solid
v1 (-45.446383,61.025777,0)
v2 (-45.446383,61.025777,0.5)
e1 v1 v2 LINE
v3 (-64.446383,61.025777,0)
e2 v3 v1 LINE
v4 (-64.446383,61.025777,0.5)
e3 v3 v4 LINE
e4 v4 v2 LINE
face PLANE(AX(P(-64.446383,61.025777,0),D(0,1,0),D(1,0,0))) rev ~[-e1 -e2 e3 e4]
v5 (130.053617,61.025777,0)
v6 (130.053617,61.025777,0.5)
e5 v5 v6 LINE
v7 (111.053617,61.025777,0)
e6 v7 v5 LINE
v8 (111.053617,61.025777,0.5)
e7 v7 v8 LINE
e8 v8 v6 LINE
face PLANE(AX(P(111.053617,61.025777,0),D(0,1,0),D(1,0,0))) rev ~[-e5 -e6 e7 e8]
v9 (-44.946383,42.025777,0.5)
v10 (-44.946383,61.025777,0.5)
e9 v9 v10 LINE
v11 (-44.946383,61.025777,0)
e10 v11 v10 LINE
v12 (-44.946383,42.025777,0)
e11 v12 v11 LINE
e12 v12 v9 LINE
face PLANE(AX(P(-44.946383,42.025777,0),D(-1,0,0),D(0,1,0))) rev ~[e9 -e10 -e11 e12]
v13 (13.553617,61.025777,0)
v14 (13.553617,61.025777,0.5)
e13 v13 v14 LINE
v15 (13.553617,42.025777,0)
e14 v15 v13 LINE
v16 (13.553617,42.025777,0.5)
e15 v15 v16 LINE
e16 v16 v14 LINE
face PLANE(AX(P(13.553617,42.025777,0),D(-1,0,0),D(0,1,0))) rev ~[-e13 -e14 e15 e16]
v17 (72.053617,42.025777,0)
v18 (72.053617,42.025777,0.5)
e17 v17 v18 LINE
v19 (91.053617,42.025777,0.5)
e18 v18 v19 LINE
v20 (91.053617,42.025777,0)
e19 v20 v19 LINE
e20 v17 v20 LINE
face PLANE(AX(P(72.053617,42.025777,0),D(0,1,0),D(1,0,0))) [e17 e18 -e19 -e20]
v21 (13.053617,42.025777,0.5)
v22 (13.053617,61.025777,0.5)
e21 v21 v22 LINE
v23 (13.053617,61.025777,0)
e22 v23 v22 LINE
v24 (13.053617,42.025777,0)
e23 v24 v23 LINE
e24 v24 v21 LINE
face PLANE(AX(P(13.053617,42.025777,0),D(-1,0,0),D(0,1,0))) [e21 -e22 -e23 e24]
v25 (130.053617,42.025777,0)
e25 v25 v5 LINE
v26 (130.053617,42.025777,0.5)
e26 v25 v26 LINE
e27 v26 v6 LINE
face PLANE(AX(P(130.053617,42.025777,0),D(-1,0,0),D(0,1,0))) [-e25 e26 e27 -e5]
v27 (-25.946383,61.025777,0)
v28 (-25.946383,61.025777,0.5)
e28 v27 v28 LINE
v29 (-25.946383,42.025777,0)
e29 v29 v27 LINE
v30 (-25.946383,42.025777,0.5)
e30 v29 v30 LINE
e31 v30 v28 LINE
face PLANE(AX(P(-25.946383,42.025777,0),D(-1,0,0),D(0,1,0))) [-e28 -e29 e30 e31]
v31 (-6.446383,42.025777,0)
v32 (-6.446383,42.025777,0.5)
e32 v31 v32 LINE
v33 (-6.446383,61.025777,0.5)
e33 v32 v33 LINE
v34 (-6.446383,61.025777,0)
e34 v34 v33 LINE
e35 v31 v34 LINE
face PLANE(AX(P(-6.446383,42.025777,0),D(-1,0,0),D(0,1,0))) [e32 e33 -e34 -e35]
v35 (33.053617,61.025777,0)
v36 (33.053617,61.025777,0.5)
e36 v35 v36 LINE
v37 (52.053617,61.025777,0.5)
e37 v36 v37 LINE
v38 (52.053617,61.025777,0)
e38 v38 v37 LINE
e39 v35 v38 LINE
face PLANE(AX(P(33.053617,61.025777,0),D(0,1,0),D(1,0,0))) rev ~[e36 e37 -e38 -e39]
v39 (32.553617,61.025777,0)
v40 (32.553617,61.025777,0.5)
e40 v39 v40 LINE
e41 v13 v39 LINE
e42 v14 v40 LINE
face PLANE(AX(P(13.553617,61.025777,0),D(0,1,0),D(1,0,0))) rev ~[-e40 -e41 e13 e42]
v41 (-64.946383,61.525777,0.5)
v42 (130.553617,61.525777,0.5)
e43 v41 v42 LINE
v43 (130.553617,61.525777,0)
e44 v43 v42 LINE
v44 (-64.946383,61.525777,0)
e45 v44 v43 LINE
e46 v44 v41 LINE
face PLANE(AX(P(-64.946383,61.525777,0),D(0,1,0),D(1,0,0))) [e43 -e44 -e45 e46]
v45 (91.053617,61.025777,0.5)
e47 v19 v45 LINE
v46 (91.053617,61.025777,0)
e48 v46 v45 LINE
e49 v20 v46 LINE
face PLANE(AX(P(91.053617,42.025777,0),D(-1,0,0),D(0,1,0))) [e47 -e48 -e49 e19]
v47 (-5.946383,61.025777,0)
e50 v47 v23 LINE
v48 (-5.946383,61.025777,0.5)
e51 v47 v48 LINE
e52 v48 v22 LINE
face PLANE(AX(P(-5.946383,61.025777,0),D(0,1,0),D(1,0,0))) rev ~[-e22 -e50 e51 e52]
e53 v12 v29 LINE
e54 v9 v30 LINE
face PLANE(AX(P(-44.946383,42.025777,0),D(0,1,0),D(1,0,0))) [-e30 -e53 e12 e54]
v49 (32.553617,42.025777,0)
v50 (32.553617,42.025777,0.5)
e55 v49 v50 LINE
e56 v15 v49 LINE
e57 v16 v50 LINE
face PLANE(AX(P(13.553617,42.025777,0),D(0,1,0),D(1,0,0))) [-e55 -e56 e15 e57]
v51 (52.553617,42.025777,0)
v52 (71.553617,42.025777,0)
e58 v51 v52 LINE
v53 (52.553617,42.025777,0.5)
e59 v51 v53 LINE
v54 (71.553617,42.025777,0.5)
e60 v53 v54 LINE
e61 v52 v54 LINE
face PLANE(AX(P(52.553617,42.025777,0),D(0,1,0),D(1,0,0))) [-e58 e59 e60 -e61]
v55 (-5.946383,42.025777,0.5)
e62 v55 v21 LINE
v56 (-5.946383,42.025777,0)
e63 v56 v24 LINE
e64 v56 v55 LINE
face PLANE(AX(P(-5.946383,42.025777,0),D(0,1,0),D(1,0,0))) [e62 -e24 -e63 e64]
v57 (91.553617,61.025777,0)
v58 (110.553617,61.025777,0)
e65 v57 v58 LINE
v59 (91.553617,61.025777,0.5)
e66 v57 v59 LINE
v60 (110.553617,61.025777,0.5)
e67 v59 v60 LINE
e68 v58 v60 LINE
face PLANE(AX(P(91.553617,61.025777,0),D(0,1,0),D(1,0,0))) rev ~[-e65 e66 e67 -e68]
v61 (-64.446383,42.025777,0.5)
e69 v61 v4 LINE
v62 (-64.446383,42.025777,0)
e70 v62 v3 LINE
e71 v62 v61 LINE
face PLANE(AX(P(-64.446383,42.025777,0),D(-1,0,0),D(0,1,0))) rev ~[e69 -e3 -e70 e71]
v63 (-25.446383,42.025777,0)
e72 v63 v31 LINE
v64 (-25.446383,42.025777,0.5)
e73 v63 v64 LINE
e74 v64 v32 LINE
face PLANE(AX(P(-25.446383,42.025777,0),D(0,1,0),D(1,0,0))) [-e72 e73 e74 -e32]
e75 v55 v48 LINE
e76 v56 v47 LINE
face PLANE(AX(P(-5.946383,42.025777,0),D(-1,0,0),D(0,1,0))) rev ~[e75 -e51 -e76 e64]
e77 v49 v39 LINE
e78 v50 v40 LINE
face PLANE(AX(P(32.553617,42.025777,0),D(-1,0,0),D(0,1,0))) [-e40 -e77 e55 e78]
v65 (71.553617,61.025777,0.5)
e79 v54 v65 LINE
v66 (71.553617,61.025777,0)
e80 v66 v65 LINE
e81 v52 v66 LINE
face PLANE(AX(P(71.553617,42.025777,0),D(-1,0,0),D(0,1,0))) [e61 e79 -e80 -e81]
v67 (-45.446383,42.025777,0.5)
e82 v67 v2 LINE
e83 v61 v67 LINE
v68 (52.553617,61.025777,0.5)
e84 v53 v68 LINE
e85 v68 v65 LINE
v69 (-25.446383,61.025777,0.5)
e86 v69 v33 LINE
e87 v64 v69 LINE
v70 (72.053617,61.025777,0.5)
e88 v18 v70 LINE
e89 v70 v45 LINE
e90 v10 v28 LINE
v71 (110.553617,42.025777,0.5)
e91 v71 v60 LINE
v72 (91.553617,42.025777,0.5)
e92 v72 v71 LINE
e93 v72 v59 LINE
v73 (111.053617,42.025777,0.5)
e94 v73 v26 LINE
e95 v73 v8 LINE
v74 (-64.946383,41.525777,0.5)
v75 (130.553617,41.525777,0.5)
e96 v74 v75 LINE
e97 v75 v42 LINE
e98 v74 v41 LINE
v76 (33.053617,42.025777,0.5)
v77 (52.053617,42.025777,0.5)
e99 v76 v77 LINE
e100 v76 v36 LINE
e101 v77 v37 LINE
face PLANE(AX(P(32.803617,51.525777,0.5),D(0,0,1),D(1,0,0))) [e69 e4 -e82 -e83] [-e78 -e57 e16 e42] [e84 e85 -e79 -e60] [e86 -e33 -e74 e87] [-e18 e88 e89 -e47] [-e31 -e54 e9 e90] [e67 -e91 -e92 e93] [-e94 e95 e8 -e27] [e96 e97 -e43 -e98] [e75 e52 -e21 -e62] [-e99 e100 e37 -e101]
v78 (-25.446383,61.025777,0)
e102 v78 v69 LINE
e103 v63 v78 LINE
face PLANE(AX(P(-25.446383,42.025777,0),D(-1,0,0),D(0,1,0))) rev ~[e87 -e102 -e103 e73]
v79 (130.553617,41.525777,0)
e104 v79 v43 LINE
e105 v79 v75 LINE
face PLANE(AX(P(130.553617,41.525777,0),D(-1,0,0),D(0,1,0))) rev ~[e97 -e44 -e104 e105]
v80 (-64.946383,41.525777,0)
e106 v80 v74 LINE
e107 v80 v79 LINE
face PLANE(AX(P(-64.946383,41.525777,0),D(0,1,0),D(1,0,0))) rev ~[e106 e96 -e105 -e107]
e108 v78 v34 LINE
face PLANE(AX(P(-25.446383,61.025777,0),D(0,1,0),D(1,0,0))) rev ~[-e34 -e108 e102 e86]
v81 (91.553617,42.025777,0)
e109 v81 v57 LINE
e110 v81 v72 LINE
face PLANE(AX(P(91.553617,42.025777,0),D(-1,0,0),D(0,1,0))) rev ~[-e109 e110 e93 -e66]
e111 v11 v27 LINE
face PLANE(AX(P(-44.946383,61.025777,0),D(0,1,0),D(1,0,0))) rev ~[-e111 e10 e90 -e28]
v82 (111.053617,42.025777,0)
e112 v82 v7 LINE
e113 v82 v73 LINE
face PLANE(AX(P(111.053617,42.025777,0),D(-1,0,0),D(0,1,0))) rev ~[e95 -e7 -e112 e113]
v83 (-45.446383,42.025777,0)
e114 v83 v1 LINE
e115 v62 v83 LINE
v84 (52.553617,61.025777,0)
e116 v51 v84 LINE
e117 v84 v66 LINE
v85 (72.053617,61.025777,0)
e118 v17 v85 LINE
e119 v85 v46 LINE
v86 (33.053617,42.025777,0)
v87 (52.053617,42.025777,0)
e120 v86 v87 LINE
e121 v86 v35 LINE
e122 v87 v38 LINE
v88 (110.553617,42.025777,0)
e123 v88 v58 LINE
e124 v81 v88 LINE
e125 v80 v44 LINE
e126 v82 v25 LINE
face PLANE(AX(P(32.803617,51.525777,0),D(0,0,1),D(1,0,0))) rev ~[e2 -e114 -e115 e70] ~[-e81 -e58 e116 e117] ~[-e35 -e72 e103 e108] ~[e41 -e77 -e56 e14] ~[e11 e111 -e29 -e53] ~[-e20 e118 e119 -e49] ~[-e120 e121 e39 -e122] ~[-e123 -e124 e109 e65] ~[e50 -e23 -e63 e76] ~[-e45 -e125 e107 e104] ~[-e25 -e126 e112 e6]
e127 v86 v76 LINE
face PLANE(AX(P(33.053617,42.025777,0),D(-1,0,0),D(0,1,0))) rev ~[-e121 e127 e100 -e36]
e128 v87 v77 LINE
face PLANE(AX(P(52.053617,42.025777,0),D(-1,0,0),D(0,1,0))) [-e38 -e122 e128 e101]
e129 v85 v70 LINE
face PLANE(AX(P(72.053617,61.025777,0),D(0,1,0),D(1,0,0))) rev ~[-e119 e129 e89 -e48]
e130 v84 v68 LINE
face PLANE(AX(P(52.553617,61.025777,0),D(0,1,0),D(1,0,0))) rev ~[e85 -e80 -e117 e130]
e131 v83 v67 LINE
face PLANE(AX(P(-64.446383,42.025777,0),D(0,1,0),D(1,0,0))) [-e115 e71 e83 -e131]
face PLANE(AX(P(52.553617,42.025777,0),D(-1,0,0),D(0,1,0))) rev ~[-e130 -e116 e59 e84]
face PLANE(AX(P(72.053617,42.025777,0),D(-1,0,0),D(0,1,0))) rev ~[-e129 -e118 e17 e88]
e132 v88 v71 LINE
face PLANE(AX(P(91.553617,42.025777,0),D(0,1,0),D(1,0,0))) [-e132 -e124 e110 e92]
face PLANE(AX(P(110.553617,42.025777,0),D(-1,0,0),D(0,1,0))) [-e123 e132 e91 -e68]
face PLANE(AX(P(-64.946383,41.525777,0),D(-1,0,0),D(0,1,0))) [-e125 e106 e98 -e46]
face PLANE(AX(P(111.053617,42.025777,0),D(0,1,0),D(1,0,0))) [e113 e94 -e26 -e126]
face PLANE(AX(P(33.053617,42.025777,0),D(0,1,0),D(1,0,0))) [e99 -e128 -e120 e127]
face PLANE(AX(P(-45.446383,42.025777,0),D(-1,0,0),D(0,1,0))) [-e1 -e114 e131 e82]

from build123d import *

# Parameters (mm, degrees)
F0_W     = 195.5
F0_H     = 20
F0_W_2   = 19
F0_H_2   = 19
F1_DEPTH = 0.5


with BuildPart() as f1:
    # F0 (on Top) → F1 (new body)
    with BuildSketch(Plane.XY):
        with Locations((32.803617, 51.525777)):
            Rectangle(F0_W, F0_H)
        with Locations((-54.946383, 51.525777)):
            Rectangle(F0_W_2, F0_H_2, mode=Mode.SUBTRACT)
        with Locations((-35.446383, 51.525777)):
            Rectangle(F0_W_2, F0_H_2, mode=Mode.SUBTRACT)
        with Locations((-15.946383, 51.525777)):
            Rectangle(F0_W_2, F0_H_2, mode=Mode.SUBTRACT)
        with Locations((3.553617, 51.525777)):
            Rectangle(F0_W_2, F0_H_2, mode=Mode.SUBTRACT)
        with Locations((23.053617, 51.525777)):
            Rectangle(F0_W_2, F0_H_2, mode=Mode.SUBTRACT)
        with Locations((42.553617, 51.525777)):
            Rectangle(F0_W_2, F0_H_2, mode=Mode.SUBTRACT)
        with Locations((62.053617, 51.525777)):
            Rectangle(F0_W_2, F0_H_2, mode=Mode.SUBTRACT)
        with Locations((81.553617, 51.525777)):
            Rectangle(F0_W_2, F0_H_2, mode=Mode.SUBTRACT)
        with Locations((101.053617, 51.525777)):
            Rectangle(F0_W_2, F0_H_2, mode=Mode.SUBTRACT)
        with Locations((120.553617, 51.525777)):
            Rectangle(F0_W_2, F0_H_2, mode=Mode.SUBTRACT)
    extrude(amount=F1_DEPTH)


solid = f1.part
